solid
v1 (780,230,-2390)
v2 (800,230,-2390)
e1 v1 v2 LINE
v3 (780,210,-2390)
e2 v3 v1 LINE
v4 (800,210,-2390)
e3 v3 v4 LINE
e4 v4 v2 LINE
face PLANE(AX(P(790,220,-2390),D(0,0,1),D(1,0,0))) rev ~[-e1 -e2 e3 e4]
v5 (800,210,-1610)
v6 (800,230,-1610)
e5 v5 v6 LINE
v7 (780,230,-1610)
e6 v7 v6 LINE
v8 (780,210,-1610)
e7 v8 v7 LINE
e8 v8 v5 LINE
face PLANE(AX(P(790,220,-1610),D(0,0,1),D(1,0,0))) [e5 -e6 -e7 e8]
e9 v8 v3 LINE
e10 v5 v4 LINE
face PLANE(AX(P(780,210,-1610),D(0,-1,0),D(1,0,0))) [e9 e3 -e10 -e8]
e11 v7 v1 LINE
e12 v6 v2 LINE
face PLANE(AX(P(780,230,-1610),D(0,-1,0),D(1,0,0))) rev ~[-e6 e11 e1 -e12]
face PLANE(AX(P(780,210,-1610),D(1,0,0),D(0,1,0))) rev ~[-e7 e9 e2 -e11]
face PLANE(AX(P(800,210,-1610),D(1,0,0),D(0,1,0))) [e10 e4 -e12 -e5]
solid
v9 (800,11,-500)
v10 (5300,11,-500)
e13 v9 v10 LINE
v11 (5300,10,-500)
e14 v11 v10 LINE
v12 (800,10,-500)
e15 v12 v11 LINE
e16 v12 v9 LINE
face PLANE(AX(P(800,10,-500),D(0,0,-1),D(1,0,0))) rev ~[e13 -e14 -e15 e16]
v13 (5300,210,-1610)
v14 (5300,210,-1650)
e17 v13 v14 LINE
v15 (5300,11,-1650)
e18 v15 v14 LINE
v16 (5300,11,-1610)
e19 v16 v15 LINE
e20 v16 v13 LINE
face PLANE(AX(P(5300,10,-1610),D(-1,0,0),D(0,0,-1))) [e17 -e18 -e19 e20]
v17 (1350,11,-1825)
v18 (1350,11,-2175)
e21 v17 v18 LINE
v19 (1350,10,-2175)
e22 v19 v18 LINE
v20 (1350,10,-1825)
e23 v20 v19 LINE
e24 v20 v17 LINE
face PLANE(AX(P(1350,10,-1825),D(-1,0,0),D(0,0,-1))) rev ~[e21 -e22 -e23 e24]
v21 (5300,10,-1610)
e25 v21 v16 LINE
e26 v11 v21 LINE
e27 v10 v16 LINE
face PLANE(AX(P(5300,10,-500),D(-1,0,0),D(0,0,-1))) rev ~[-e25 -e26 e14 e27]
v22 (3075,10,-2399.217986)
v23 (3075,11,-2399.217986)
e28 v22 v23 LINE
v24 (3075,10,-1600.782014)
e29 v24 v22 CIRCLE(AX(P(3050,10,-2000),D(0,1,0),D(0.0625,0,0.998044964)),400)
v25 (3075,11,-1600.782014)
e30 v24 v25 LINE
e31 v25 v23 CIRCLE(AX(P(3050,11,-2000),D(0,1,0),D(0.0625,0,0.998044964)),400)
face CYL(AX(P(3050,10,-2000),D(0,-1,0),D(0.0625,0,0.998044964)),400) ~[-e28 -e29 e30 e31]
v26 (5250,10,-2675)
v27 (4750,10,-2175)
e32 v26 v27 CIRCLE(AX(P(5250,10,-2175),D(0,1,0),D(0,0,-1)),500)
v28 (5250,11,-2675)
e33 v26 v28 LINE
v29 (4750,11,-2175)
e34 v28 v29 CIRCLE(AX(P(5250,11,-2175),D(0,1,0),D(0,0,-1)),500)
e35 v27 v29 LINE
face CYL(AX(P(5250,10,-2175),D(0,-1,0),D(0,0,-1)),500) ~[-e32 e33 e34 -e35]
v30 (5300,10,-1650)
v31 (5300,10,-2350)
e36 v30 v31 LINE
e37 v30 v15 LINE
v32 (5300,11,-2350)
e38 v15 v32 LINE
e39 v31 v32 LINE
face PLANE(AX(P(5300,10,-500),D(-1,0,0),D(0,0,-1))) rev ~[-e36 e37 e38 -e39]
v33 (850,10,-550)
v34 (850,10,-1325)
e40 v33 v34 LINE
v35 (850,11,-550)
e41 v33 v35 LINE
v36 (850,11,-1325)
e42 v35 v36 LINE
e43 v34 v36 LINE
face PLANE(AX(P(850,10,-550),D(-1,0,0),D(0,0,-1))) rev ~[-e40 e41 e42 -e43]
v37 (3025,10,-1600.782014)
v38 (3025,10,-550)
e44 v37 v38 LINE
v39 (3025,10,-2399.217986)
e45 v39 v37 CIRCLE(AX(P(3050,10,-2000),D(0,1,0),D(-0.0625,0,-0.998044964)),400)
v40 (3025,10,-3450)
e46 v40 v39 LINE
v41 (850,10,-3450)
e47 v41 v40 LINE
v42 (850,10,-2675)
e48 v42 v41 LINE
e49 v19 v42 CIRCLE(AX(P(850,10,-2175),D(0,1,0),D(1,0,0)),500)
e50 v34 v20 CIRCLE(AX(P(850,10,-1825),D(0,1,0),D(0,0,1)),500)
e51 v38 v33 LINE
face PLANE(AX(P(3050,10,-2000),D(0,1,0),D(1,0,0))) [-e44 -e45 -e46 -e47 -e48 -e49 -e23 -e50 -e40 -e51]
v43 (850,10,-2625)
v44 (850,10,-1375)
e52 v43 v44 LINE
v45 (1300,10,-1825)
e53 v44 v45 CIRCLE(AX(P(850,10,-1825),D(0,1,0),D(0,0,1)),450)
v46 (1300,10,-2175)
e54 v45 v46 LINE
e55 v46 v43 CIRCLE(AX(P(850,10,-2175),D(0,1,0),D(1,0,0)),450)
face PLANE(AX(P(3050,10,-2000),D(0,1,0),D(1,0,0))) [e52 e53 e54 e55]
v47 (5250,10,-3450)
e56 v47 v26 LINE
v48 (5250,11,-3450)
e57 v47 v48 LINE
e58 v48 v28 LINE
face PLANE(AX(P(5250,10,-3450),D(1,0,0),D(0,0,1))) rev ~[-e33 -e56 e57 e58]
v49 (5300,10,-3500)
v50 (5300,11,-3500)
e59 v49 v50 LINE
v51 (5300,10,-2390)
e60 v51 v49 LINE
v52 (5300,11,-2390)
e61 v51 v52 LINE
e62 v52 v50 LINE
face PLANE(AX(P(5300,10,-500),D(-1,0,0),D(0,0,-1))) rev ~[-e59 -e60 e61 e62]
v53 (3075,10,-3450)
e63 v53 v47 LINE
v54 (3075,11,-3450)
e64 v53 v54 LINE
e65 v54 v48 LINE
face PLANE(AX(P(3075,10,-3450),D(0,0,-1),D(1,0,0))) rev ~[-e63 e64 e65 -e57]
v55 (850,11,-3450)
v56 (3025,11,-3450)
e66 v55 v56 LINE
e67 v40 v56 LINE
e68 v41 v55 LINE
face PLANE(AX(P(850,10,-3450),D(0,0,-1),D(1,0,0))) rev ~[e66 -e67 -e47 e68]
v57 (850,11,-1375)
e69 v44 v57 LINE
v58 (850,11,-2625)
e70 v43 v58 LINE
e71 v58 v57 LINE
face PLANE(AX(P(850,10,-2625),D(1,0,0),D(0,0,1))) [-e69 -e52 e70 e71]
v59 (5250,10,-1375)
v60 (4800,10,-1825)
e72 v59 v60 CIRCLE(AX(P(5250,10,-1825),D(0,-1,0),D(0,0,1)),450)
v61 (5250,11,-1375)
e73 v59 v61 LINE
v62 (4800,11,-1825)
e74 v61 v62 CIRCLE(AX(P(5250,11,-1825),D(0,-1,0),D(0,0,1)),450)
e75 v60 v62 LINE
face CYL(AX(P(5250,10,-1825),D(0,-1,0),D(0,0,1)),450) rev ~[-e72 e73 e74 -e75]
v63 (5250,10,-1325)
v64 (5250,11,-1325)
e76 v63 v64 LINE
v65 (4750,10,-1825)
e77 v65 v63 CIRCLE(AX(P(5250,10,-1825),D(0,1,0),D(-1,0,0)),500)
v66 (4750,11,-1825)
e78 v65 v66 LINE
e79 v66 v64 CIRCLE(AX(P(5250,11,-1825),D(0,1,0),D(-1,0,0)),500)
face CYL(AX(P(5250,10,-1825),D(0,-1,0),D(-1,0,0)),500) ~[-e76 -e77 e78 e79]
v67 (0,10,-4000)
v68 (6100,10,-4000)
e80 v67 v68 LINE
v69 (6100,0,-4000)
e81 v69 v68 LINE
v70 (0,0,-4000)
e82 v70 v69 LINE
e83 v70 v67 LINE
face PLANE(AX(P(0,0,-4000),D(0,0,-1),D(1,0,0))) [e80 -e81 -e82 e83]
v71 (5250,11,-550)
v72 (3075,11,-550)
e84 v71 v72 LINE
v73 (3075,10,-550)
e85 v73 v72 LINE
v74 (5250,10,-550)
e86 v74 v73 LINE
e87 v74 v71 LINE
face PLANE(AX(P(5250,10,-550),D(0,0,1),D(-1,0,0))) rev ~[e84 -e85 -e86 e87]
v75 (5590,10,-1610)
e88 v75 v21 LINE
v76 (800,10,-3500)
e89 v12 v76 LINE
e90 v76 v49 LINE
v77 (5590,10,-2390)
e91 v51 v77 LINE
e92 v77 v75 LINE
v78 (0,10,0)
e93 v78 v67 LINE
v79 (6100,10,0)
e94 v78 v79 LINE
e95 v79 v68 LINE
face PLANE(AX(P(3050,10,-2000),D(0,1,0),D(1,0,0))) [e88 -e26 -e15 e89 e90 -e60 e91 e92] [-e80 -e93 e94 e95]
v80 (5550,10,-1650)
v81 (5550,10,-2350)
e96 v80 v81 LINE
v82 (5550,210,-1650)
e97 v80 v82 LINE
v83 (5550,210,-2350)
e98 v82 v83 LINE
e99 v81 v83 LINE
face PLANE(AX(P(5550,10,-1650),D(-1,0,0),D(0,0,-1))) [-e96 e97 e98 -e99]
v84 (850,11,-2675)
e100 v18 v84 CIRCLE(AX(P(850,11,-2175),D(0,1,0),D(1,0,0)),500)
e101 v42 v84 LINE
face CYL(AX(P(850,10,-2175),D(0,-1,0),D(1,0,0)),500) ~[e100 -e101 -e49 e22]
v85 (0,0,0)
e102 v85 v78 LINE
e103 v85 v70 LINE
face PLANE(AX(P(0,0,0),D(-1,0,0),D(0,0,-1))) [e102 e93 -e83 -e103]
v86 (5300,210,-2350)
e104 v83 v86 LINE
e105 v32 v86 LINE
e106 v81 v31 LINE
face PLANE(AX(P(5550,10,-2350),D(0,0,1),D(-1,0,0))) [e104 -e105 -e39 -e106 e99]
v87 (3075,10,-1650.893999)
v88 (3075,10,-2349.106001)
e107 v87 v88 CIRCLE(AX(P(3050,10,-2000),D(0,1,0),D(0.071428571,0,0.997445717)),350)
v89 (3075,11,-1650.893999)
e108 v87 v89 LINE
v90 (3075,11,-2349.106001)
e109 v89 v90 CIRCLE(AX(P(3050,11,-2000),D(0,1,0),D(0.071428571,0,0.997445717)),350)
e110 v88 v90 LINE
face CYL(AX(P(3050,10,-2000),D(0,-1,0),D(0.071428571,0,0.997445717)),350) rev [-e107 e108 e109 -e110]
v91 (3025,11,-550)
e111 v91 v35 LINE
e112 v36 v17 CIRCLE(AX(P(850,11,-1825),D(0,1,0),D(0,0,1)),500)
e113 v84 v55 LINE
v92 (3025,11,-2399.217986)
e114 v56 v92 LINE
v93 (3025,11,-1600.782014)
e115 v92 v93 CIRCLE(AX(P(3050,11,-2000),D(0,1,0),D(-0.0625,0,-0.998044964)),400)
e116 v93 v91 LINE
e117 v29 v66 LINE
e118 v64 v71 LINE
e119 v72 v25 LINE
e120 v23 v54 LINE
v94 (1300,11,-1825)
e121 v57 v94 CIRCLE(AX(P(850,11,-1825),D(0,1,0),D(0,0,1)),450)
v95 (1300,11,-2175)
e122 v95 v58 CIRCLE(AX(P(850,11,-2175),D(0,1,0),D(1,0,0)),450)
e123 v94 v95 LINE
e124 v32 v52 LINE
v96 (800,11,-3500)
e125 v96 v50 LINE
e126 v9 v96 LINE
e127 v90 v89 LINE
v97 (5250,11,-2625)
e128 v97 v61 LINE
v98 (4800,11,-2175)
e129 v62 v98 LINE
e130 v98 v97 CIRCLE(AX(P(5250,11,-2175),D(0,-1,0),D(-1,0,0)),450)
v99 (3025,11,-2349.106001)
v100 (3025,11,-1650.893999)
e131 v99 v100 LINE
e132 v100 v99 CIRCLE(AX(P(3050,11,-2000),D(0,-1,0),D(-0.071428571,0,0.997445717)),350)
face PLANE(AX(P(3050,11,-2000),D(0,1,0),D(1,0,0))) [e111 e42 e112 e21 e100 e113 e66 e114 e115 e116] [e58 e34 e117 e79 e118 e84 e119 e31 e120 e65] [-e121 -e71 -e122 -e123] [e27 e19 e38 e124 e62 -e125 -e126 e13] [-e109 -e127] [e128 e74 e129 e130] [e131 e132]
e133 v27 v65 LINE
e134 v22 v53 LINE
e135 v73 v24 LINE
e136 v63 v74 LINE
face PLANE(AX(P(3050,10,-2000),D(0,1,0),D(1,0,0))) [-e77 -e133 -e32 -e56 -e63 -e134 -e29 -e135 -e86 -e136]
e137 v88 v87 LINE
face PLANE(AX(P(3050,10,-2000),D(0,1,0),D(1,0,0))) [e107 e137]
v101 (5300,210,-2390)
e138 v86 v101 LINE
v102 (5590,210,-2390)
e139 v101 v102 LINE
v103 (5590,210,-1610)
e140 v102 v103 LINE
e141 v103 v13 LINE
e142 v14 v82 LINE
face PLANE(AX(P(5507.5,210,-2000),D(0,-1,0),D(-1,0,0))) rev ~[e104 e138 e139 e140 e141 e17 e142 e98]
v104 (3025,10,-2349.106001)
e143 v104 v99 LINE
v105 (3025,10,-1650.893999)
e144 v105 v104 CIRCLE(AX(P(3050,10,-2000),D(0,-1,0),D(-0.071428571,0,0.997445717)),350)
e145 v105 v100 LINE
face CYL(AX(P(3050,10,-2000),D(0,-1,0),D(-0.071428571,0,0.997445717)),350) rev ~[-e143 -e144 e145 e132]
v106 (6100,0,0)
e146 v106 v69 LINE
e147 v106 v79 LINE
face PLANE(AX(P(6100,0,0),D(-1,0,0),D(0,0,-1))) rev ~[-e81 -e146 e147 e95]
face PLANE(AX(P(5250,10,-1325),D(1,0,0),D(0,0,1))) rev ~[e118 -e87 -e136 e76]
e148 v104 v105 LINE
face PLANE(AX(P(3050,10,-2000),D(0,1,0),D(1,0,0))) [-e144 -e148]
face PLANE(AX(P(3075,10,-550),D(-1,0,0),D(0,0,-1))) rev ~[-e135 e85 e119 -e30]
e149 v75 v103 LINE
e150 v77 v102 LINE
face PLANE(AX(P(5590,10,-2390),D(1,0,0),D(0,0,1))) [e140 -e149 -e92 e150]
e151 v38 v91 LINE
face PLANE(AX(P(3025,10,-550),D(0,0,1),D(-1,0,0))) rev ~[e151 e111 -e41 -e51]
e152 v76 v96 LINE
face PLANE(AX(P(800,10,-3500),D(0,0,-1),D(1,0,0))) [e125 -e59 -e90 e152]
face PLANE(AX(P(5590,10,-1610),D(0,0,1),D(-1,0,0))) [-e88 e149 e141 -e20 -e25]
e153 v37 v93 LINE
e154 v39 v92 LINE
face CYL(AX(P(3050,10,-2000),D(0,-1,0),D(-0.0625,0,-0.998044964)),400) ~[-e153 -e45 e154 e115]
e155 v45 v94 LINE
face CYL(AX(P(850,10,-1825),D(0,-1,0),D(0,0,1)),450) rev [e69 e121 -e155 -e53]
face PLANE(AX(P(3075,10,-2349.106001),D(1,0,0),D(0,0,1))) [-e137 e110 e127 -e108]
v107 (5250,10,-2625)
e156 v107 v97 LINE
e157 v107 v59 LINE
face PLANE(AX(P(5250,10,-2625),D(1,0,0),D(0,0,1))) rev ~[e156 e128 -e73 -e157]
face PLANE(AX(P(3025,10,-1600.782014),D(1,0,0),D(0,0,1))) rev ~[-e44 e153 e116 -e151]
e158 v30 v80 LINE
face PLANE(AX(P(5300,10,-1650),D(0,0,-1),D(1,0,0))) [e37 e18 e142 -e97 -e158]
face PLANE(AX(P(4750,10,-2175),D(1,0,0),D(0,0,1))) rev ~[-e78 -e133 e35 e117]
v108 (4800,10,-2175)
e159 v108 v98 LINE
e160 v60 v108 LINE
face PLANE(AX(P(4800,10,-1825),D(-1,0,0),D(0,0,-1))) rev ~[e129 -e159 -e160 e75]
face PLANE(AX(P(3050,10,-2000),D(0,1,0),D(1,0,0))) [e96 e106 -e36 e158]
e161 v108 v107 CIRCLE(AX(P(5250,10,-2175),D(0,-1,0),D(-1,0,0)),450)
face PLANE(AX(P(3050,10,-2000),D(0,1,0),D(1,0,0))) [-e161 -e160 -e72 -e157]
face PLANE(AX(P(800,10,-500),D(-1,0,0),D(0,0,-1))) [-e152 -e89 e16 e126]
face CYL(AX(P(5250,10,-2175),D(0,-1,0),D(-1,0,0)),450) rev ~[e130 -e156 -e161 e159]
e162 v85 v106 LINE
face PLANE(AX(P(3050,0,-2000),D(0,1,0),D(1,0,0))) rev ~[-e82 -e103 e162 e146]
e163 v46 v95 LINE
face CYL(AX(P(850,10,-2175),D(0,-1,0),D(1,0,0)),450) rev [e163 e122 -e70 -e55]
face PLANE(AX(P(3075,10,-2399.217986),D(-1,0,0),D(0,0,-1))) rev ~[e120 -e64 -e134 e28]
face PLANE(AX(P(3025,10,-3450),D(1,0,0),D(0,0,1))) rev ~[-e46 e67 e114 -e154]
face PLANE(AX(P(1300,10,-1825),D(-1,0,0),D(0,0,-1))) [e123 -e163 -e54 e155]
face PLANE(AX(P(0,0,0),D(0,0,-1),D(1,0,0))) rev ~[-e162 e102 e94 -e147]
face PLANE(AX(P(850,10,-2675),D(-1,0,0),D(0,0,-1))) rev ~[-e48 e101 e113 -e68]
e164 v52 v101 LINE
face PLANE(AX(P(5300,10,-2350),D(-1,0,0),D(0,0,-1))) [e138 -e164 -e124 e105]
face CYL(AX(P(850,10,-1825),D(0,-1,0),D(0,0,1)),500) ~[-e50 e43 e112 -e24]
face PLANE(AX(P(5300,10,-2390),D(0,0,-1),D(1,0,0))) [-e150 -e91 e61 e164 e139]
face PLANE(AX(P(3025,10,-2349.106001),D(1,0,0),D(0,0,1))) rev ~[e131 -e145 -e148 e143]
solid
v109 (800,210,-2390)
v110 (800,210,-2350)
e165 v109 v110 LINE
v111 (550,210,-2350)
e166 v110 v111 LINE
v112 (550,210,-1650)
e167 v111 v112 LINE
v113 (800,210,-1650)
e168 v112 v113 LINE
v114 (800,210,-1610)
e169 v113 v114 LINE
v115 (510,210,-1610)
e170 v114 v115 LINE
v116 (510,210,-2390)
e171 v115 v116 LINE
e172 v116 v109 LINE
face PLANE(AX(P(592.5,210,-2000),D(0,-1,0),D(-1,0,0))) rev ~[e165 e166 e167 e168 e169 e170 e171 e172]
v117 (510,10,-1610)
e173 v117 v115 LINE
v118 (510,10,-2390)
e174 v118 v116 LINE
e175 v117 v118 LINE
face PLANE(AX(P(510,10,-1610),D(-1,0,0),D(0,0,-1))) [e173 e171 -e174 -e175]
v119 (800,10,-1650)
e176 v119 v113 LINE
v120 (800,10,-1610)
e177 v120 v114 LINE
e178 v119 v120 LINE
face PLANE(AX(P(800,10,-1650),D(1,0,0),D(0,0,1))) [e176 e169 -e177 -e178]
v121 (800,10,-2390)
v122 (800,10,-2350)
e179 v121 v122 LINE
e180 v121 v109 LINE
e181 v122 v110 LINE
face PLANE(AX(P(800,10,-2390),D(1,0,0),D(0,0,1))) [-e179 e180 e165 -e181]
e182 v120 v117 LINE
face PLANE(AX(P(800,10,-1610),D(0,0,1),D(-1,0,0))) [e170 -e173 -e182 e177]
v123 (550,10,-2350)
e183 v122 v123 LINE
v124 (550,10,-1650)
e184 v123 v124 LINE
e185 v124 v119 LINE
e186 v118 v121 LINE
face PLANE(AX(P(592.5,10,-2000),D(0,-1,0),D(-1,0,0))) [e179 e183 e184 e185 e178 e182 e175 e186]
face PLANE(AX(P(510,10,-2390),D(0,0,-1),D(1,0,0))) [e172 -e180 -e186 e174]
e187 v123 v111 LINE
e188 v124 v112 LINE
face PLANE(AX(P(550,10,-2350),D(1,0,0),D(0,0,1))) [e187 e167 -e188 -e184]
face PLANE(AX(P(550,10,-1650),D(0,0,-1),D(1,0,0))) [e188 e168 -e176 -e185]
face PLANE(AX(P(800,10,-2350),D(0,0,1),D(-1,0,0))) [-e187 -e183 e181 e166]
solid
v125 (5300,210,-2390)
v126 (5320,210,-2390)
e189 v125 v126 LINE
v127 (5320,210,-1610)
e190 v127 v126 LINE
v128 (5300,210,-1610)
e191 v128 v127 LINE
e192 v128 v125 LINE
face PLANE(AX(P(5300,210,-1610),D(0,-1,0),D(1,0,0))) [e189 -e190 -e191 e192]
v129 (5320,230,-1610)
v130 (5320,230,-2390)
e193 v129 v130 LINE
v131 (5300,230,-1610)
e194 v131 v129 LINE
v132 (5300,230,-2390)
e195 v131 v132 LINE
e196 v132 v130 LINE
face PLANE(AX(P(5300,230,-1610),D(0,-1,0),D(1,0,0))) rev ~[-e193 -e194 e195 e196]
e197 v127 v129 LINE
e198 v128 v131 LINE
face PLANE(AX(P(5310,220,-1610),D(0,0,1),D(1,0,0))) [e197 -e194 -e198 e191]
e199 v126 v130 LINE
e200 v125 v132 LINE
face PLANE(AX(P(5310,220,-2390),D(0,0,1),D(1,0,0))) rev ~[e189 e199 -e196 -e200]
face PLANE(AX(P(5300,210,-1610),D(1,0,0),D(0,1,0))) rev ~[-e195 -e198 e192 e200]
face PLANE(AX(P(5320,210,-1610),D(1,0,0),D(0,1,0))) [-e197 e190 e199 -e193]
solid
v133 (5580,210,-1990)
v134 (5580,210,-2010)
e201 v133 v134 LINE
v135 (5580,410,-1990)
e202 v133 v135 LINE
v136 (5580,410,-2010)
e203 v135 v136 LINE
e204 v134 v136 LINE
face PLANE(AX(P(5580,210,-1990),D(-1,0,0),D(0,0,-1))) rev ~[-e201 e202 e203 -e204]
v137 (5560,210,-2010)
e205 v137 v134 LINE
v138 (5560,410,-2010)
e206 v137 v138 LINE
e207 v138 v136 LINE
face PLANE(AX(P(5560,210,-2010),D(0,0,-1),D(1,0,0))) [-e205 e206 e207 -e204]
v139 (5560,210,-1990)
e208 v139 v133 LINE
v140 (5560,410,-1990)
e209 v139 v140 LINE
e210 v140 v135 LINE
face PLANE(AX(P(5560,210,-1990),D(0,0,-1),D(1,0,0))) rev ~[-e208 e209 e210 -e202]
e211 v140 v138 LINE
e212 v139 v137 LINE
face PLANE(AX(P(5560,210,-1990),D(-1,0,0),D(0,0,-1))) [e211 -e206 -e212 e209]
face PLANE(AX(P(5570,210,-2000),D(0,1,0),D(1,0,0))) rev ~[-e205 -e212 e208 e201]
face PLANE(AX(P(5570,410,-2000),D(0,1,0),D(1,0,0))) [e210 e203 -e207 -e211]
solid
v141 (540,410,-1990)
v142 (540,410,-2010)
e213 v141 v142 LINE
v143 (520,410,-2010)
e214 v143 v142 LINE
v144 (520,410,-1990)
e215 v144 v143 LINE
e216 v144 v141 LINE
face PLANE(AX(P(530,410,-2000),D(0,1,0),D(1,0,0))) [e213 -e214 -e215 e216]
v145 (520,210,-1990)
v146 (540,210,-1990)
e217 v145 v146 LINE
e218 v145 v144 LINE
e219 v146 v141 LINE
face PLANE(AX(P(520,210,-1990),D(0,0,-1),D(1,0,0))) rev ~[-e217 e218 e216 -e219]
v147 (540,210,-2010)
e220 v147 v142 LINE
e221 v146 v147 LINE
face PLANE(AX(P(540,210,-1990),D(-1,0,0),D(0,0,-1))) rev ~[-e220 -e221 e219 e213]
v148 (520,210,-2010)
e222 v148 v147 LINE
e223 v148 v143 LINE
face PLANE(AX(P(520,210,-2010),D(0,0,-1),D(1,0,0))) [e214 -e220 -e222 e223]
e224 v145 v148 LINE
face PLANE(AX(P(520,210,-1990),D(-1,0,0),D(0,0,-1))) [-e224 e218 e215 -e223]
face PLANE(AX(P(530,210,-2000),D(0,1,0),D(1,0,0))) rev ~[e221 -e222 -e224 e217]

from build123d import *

# Parameters (mm, degrees)
SKETCH1_W              = 6100
SKETCH1_H              = 4000
BOSS_EXTRUDE1_DEPTH    = 10
SKETCH4_W              = 4500
SKETCH4_H              = 3000
BOSS_EXTRUDE3_DEPTH    = 1
BOSS_EXTRUDE4_DEPTH    = 200
BOSS_EXTRUDE8_DEPTH    = 200
SKETCH10_W             = 20
SKETCH10_H             = 20
BOSS_EXTRUDE9_DEPTH    = 200
BOSS_EXTRUDE9_2_DEPTH  = 200
SKETCH11_W             = 20
SKETCH11_H             = 20
BOSS_EXTRUDE10_DEPTH   = 780
BOSS_EXTRUDE10_2_DEPTH = 780


with BuildPart() as part:
    # Sketch1 → Boss-Extrude1 (new body)
    with BuildSketch(Plane(origin=(0, 0, 0), x_dir=(1, 0, 0), z_dir=(0, 1, 0))):
        with Locations((3050, 2000)):
            Rectangle(SKETCH1_W, SKETCH1_H)
    extrude(amount=BOSS_EXTRUDE1_DEPTH)

    # Sketch4 → Boss-Extrude3 (add)
    with BuildSketch(Plane(origin=(0, 10, 0), x_dir=(1, 0, 0), z_dir=(0, 1, 0))):
        with Locations((3050, 2000)):
            Rectangle(SKETCH4_W, SKETCH4_H)
        with BuildLine():
            Line((850, 2675), (850, 3450))
            Line((850, 3450), (3025, 3450))
            Line((3025, 3450), (3025, 2399.217985567))
            ThreePointArc((3025, 2399.217985567), (2650, 2000), (3025, 1600.782014433))
            Line((3025, 1600.782014433), (3025, 550))
            Line((3025, 550), (850, 550))
            Line((850, 550), (850, 1325))
            ThreePointArc((850, 1325), (1203.553390593, 1471.446609407), (1350, 1825))
            Line((1350, 1825), (1350, 2175))
            ThreePointArc((1350, 2175), (1203.553390593, 2528.553390593), (850, 2675))
        make_face(mode=Mode.SUBTRACT)
        with BuildLine():
            Line((3075, 2399.217985567), (3075, 3450))
            Line((3075, 3450), (5250, 3450))
            Line((5250, 3450), (5250, 2675))
            ThreePointArc((5250, 2675), (4896.446609407, 2528.553390593), (4750, 2175))
            Line((4750, 2175), (4750, 1825))
            ThreePointArc((4750, 1825), (4896.446609407, 1471.446609407), (5250, 1325))
            Line((5250, 1325), (5250, 550))
            Line((5250, 550), (3075, 550))
            Line((3075, 550), (3075, 1600.782014433))
            ThreePointArc((3075, 1600.782014433), (3450, 2000), (3075, 2399.217985567))
        make_face(mode=Mode.SUBTRACT)
        with BuildLine():
            Line((3025, 2349.106001094), (3025, 1650.893998906))
            ThreePointArc((3025, 1650.893998906), (2700, 2000), (3025, 2349.106001094))
        make_face(mode=Mode.SUBTRACT)
        with BuildLine():
            Line((3075, 2349.106001094), (3075, 1650.893998906))
            ThreePointArc((3075, 1650.893998906), (3400, 2000), (3075, 2349.106001094))
        make_face(mode=Mode.SUBTRACT)
        with BuildLine():
            Line((5250, 2625), (5250, 1375))
            ThreePointArc((5250, 1375), (4931.801948466, 1506.801948466), (4800, 1825))
            Line((4800, 1825), (4800, 2175))
            ThreePointArc((4800, 2175), (4931.801948466, 2493.198051534), (5250, 2625))
        make_face(mode=Mode.SUBTRACT)
        with BuildLine():
            Line((850, 2625), (850, 1375))
            ThreePointArc((850, 1375), (1168.198051534, 1506.801948466), (1300, 1825))
            Line((1300, 1825), (1300, 2175))
            ThreePointArc((1300, 2175), (1168.198051534, 2493.198051534), (850, 2625))
        make_face(mode=Mode.SUBTRACT)
    extrude(amount=BOSS_EXTRUDE3_DEPTH)

    # Sketch5 → Boss-Extrude4 (add)
    with BuildSketch(Plane(origin=(0, 10, 0), x_dir=(1, 0, 0), z_dir=(0, 1, 0))):
        Polygon((5300, 2390), (5590, 2390), (5590, 1610), (5300, 1610), (5300, 1650), (5550, 1650), (5550, 2350), (5300, 2350), align=None)
    extrude(amount=BOSS_EXTRUDE4_DEPTH)


with BuildPart() as body_2:
    # Sketch9 → Boss-Extrude8 (new body)
    with BuildSketch(Plane(origin=(0, 10, 0), x_dir=(1, 0, 0), z_dir=(0, 1, 0))):
        Polygon((800, 2390), (800, 2350), (550, 2350), (550, 1650), (800, 1650), (800, 1610), (510, 1610), (510, 2390), align=None)
    extrude(amount=BOSS_EXTRUDE8_DEPTH)


with BuildPart() as body_3:
    # Sketch10 → Boss-Extrude9 (new body)
    with BuildSketch(Plane(origin=(0, 210, 0), x_dir=(1, 0, 0), z_dir=(0, 1, 0))):
        with Locations((530, 2000)):
            Rectangle(SKETCH10_W, SKETCH10_H)
    extrude(amount=BOSS_EXTRUDE9_DEPTH)


with BuildPart() as body_4:
    # Sketch10 → Boss-Extrude9 2 (new body)
    with BuildSketch(Plane(origin=(0, 210, 0), x_dir=(1, 0, 0), z_dir=(0, 1, 0))):
        with Locations((5570, 2000)):
            Rectangle(SKETCH10_W, SKETCH10_H)
    extrude(amount=BOSS_EXTRUDE9_2_DEPTH)


with BuildPart() as body_5:
    # Sketch11 → Boss-Extrude10 (new body)
    with BuildSketch(Plane.XY.offset(-1610)):
        with Locations((790, 220)):
            Rectangle(SKETCH11_W, SKETCH11_H)
    extrude(amount=-BOSS_EXTRUDE10_DEPTH)


with BuildPart() as body_6:
    # Sketch11 → Boss-Extrude10 2 (new body)
    with BuildSketch(Plane.XY.offset(-1610)):
        with Locations((5310, 220)):
            Rectangle(SKETCH11_W, SKETCH11_H)
    extrude(amount=-BOSS_EXTRUDE10_2_DEPTH)


solid = Compound([part.part, body_2.part, body_3.part, body_4.part, body_5.part, body_6.part])
